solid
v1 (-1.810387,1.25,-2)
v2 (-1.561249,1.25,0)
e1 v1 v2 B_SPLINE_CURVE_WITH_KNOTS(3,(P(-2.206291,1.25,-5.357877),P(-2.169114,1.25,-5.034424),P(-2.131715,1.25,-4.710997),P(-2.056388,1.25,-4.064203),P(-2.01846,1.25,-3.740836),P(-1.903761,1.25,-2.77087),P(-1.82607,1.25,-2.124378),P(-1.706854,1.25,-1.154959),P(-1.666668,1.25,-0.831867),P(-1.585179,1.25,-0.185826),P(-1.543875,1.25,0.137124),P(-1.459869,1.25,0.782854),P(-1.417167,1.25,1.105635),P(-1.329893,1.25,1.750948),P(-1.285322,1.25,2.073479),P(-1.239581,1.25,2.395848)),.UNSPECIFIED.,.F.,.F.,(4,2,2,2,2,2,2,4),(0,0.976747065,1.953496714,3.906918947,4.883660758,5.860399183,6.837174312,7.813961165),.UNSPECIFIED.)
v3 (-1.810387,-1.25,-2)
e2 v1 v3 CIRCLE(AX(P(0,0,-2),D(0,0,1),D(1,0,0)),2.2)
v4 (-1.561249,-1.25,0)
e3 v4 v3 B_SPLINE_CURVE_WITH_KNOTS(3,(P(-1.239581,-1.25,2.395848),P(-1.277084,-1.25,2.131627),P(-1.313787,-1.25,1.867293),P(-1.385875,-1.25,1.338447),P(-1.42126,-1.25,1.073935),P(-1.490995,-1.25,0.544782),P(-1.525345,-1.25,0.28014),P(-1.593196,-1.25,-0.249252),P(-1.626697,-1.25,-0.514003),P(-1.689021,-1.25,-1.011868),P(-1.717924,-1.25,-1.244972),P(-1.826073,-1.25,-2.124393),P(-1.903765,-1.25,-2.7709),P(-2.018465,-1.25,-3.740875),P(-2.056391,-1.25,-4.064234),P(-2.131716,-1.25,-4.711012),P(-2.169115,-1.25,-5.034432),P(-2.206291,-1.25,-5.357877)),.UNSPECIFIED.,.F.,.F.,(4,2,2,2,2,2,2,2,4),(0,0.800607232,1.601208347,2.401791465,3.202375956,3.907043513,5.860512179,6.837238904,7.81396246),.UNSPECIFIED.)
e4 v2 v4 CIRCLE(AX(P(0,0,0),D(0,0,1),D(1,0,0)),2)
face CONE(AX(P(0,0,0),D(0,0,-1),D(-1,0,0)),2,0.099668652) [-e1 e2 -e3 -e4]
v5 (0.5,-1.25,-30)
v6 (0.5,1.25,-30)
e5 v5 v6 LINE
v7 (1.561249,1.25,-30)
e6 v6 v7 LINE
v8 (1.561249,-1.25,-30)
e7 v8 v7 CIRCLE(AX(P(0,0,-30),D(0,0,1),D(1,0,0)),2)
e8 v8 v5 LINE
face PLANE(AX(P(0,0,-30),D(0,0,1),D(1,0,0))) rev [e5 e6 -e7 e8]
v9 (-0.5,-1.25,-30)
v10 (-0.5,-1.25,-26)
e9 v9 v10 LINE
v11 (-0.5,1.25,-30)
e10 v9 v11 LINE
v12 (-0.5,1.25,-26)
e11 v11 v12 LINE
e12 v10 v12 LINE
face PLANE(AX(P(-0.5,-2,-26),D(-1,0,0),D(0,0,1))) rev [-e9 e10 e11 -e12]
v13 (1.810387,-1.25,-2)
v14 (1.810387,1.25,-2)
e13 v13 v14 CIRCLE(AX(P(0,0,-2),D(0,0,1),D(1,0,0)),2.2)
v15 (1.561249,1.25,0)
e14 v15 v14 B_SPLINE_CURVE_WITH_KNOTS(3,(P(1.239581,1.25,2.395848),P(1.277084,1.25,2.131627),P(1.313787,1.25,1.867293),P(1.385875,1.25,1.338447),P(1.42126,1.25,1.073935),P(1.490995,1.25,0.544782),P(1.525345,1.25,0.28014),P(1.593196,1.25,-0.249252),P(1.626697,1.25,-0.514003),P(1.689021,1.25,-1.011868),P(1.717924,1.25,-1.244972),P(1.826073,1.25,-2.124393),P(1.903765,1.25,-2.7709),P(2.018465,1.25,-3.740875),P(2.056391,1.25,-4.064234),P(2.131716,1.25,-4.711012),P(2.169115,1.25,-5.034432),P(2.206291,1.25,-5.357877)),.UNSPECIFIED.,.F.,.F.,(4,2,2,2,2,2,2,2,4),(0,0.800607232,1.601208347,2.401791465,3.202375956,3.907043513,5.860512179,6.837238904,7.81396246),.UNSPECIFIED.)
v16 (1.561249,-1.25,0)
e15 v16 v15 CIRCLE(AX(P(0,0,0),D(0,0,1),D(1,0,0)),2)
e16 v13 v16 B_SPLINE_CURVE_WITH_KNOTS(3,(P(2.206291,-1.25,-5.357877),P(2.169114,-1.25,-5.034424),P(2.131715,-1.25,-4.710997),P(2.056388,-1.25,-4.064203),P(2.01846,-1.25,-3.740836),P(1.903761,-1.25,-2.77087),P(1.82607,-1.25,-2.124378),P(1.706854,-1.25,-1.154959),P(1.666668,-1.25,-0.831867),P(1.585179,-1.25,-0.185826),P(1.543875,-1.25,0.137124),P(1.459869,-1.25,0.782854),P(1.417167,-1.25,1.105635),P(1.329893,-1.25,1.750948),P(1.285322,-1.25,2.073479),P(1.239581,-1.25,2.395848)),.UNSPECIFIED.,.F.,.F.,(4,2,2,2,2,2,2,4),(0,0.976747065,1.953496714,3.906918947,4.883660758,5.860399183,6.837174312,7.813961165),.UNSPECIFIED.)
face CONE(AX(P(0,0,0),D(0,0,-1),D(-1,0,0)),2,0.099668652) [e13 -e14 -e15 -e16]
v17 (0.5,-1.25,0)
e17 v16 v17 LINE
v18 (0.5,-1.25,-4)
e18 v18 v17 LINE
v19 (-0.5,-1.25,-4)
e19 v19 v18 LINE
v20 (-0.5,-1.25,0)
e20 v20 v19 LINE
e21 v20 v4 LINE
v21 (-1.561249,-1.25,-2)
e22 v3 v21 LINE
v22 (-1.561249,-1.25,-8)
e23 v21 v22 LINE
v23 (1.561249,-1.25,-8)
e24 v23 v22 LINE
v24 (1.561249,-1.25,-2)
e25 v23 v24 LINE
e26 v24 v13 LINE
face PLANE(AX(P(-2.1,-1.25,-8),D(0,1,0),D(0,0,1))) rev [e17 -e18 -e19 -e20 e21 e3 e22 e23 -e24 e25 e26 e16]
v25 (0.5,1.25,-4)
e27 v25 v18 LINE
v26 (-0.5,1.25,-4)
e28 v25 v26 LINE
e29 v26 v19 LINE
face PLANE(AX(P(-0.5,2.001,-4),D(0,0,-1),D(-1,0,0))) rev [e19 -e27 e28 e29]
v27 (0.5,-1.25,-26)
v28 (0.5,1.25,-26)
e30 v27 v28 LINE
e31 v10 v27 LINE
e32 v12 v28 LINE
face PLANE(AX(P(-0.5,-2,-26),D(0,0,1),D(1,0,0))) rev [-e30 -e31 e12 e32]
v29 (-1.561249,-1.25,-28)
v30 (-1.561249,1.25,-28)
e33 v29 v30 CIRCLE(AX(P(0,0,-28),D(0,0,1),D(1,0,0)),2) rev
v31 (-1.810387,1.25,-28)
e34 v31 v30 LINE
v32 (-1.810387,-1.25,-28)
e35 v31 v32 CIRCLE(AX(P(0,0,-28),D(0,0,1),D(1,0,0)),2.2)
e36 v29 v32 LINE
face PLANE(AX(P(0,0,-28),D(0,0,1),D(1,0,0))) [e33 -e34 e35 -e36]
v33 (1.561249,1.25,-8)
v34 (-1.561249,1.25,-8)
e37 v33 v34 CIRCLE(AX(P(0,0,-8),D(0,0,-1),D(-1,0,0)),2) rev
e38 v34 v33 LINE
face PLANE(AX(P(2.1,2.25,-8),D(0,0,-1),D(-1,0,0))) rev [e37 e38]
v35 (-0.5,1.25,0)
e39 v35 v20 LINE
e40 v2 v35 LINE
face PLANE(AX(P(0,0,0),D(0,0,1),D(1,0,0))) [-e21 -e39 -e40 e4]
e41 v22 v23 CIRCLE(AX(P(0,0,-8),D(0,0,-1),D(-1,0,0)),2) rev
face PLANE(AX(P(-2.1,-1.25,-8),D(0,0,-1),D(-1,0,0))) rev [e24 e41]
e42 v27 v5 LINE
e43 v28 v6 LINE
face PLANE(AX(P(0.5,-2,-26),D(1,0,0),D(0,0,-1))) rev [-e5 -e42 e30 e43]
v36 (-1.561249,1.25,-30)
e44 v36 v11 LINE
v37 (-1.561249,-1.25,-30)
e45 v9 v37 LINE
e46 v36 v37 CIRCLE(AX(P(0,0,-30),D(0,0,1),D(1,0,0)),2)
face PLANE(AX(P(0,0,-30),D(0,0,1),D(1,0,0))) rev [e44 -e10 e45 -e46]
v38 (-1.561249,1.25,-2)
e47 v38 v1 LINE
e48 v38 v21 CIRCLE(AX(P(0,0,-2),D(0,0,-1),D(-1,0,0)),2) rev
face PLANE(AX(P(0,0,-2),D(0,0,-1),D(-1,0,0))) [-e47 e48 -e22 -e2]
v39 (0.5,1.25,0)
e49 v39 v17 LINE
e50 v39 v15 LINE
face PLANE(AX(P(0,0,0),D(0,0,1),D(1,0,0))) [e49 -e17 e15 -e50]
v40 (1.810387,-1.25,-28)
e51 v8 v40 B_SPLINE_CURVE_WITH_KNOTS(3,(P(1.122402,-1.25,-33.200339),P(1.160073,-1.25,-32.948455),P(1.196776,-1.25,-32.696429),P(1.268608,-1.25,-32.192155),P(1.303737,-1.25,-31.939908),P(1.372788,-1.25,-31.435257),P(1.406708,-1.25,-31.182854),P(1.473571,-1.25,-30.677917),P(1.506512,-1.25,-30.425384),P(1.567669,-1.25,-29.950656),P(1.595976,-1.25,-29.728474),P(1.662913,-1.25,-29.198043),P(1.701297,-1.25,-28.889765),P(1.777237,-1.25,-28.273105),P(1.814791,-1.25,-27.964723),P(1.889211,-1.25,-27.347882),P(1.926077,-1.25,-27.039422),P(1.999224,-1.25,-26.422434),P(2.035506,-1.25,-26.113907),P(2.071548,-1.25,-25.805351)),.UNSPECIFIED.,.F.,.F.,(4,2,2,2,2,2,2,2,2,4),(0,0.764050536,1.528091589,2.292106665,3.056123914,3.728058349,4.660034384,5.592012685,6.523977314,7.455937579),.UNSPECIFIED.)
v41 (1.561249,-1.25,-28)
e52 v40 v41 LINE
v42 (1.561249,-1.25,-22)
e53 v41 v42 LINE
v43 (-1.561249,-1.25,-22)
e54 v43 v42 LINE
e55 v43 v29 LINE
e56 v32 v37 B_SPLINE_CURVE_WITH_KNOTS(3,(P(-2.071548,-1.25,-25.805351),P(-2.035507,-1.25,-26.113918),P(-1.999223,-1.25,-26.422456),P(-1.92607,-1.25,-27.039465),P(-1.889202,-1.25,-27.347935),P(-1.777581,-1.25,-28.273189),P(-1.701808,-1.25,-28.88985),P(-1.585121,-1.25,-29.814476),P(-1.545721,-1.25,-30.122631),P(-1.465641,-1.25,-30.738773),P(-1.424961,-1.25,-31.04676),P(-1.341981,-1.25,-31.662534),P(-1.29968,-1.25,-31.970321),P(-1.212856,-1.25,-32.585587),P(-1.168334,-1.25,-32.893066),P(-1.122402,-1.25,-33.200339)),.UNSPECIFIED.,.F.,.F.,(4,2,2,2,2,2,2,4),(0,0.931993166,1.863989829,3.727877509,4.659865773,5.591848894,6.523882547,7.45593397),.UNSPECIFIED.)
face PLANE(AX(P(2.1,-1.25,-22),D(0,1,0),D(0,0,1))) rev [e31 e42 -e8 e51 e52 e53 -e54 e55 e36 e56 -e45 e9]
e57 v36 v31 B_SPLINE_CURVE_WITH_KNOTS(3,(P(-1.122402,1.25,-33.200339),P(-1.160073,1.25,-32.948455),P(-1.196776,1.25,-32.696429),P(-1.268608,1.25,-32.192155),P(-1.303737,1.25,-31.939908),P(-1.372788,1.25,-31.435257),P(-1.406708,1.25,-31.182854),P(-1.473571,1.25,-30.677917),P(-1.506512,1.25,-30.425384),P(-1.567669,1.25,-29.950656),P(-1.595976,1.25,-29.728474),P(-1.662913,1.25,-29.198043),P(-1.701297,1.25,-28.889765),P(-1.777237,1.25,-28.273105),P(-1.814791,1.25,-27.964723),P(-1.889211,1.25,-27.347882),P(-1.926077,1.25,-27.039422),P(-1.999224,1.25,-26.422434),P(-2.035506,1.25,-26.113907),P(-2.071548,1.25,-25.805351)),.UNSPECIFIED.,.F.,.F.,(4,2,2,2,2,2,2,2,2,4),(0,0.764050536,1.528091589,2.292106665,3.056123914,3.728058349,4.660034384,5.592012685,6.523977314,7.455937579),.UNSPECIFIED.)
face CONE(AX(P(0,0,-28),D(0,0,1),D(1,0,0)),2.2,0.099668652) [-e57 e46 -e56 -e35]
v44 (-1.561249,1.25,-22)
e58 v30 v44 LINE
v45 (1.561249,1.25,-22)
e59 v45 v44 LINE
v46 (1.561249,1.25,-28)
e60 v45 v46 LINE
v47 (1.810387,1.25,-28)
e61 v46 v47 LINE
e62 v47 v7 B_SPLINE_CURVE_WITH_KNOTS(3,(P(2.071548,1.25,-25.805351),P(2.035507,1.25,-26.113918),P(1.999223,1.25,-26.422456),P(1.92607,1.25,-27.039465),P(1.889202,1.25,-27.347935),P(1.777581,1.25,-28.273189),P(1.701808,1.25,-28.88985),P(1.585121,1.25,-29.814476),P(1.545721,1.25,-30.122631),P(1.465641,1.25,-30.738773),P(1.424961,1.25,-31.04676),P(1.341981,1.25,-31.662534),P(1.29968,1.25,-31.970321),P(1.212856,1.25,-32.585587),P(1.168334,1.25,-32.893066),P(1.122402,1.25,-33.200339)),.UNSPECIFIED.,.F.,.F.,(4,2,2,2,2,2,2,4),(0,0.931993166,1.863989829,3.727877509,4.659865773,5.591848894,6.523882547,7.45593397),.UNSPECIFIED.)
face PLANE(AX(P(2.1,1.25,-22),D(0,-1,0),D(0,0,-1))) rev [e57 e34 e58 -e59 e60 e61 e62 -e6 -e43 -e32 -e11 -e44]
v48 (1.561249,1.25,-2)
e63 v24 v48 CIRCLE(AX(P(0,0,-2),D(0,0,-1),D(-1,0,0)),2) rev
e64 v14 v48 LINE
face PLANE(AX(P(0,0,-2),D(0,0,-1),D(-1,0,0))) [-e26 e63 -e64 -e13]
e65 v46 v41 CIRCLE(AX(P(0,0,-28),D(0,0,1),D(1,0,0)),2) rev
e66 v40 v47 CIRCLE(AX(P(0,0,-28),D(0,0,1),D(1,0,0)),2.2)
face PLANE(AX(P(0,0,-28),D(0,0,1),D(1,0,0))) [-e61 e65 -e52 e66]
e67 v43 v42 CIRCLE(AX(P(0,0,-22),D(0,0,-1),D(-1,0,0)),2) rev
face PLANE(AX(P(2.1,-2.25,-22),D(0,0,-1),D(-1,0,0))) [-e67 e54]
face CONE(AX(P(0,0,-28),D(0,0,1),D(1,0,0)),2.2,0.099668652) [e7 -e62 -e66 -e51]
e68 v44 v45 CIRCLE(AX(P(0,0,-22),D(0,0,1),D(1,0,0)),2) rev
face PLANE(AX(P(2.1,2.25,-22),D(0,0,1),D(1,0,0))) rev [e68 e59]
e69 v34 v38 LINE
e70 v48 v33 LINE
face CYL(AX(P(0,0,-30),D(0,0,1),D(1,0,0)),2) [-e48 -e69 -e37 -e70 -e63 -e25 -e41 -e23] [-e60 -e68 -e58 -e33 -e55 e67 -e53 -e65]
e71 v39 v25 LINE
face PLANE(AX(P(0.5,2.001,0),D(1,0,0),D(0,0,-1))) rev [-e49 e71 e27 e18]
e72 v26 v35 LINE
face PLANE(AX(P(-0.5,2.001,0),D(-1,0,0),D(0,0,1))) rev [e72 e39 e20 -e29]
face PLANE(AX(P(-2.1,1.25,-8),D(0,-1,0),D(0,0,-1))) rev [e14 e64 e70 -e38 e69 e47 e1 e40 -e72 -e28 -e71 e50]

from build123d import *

# Parameters (mm, degrees)
SKETCH_1_R          = 2
EXTRUDE_1_DEPTH     = 30
SKETCH_3_W          = 4.2
SKETCH_3_H          = 1
CUT_EXTRUDE_1_DEPTH = 8
CUT_EXTRUDE_2_REACH = 32.256
SKETCH_4_W          = 1
SKETCH_4_H          = 4
SKETCH_6_W          = 4.2
SKETCH_6_H          = 1
CUT_EXTRUDE_3_DEPTH = 8
SKETCH_7_W          = 1
SKETCH_7_H          = 4
CUT_EXTRUDE_4_DEPTH = 31.255619313


with BuildPart() as part:
    # 草图1 → 凸台-拉伸1 (new body)
    with BuildSketch(Plane.XY):
        Circle(SKETCH_1_R)
    extrude(amount=-EXTRUDE_1_DEPTH)

    # 草图2 → 旋转1 (revolve)
    with BuildSketch(Plane(origin=(0, 0, 0), x_dir=(1, 0, 0), z_dir=(0, 1, 0))):
        Polygon((0, 0), (0, 2), (2.2, 2), (2, 0), align=None)
    revolve(axis=Axis((0, 0, 0), (0, 0, -1)))

    # 草图3 → 切除-拉伸1 (cut)
    with BuildSketch(Plane.XY):
        with Locations((0, 1.75)):
            Rectangle(SKETCH_3_W, SKETCH_3_H)
        with Locations((0, -1.75)):
            Rectangle(SKETCH_3_W, SKETCH_3_H)
    extrude(amount=-CUT_EXTRUDE_1_DEPTH, mode=Mode.SUBTRACT)

    # 草图4 → 切除-拉伸2 (cut, up to next)
    with BuildSketch(Plane.XZ.offset(1.25), mode=Mode.PRIVATE) as cut_extrude_2_sk1:
        with Locations((0, -2)):
            Rectangle(SKETCH_4_W, SKETCH_4_H)
    cut_extrude_2_tool1 = extrude(cut_extrude_2_sk1.sketch, amount=-CUT_EXTRUDE_2_REACH, mode=Mode.PRIVATE) & part.part
    add(cut_extrude_2_tool1.solids().sort_by_distance((0, -1.25, -2))[0], mode=Mode.SUBTRACT)

    # 草图5 → 旋转2 (revolve)
    with BuildSketch(Plane(origin=(0, 0, 0), x_dir=(1, 0, 0), z_dir=(0, 1, 0))):
        Polygon((0, 30), (0, 28), (2.2, 28), (2, 30), align=None)
    revolve(axis=Axis((0, 0, -58.137689197), (0, 0, -1)))

    # 草图6 → 切除-拉伸3 (cut)
    with BuildSketch(Plane(origin=(0, 0, -30), x_dir=(-1, 0, 0), z_dir=(0, 0, -1))):
        with Locations((0, 1.75)):
            Rectangle(SKETCH_6_W, SKETCH_6_H)
        with Locations((0, -1.75)):
            Rectangle(SKETCH_6_W, SKETCH_6_H)
    extrude(amount=-CUT_EXTRUDE_3_DEPTH, mode=Mode.SUBTRACT)

    # 草图7 → 切除-拉伸4 (cut, through all)
    with BuildSketch(Plane(origin=(0, 1.25, 0), x_dir=(1, 0, 0), z_dir=(0, 1, 0))):
        with Locations((0, 28)):
            Rectangle(SKETCH_7_W, SKETCH_7_H)
    extrude(amount=-CUT_EXTRUDE_4_DEPTH, mode=Mode.SUBTRACT)


solid = part.part
